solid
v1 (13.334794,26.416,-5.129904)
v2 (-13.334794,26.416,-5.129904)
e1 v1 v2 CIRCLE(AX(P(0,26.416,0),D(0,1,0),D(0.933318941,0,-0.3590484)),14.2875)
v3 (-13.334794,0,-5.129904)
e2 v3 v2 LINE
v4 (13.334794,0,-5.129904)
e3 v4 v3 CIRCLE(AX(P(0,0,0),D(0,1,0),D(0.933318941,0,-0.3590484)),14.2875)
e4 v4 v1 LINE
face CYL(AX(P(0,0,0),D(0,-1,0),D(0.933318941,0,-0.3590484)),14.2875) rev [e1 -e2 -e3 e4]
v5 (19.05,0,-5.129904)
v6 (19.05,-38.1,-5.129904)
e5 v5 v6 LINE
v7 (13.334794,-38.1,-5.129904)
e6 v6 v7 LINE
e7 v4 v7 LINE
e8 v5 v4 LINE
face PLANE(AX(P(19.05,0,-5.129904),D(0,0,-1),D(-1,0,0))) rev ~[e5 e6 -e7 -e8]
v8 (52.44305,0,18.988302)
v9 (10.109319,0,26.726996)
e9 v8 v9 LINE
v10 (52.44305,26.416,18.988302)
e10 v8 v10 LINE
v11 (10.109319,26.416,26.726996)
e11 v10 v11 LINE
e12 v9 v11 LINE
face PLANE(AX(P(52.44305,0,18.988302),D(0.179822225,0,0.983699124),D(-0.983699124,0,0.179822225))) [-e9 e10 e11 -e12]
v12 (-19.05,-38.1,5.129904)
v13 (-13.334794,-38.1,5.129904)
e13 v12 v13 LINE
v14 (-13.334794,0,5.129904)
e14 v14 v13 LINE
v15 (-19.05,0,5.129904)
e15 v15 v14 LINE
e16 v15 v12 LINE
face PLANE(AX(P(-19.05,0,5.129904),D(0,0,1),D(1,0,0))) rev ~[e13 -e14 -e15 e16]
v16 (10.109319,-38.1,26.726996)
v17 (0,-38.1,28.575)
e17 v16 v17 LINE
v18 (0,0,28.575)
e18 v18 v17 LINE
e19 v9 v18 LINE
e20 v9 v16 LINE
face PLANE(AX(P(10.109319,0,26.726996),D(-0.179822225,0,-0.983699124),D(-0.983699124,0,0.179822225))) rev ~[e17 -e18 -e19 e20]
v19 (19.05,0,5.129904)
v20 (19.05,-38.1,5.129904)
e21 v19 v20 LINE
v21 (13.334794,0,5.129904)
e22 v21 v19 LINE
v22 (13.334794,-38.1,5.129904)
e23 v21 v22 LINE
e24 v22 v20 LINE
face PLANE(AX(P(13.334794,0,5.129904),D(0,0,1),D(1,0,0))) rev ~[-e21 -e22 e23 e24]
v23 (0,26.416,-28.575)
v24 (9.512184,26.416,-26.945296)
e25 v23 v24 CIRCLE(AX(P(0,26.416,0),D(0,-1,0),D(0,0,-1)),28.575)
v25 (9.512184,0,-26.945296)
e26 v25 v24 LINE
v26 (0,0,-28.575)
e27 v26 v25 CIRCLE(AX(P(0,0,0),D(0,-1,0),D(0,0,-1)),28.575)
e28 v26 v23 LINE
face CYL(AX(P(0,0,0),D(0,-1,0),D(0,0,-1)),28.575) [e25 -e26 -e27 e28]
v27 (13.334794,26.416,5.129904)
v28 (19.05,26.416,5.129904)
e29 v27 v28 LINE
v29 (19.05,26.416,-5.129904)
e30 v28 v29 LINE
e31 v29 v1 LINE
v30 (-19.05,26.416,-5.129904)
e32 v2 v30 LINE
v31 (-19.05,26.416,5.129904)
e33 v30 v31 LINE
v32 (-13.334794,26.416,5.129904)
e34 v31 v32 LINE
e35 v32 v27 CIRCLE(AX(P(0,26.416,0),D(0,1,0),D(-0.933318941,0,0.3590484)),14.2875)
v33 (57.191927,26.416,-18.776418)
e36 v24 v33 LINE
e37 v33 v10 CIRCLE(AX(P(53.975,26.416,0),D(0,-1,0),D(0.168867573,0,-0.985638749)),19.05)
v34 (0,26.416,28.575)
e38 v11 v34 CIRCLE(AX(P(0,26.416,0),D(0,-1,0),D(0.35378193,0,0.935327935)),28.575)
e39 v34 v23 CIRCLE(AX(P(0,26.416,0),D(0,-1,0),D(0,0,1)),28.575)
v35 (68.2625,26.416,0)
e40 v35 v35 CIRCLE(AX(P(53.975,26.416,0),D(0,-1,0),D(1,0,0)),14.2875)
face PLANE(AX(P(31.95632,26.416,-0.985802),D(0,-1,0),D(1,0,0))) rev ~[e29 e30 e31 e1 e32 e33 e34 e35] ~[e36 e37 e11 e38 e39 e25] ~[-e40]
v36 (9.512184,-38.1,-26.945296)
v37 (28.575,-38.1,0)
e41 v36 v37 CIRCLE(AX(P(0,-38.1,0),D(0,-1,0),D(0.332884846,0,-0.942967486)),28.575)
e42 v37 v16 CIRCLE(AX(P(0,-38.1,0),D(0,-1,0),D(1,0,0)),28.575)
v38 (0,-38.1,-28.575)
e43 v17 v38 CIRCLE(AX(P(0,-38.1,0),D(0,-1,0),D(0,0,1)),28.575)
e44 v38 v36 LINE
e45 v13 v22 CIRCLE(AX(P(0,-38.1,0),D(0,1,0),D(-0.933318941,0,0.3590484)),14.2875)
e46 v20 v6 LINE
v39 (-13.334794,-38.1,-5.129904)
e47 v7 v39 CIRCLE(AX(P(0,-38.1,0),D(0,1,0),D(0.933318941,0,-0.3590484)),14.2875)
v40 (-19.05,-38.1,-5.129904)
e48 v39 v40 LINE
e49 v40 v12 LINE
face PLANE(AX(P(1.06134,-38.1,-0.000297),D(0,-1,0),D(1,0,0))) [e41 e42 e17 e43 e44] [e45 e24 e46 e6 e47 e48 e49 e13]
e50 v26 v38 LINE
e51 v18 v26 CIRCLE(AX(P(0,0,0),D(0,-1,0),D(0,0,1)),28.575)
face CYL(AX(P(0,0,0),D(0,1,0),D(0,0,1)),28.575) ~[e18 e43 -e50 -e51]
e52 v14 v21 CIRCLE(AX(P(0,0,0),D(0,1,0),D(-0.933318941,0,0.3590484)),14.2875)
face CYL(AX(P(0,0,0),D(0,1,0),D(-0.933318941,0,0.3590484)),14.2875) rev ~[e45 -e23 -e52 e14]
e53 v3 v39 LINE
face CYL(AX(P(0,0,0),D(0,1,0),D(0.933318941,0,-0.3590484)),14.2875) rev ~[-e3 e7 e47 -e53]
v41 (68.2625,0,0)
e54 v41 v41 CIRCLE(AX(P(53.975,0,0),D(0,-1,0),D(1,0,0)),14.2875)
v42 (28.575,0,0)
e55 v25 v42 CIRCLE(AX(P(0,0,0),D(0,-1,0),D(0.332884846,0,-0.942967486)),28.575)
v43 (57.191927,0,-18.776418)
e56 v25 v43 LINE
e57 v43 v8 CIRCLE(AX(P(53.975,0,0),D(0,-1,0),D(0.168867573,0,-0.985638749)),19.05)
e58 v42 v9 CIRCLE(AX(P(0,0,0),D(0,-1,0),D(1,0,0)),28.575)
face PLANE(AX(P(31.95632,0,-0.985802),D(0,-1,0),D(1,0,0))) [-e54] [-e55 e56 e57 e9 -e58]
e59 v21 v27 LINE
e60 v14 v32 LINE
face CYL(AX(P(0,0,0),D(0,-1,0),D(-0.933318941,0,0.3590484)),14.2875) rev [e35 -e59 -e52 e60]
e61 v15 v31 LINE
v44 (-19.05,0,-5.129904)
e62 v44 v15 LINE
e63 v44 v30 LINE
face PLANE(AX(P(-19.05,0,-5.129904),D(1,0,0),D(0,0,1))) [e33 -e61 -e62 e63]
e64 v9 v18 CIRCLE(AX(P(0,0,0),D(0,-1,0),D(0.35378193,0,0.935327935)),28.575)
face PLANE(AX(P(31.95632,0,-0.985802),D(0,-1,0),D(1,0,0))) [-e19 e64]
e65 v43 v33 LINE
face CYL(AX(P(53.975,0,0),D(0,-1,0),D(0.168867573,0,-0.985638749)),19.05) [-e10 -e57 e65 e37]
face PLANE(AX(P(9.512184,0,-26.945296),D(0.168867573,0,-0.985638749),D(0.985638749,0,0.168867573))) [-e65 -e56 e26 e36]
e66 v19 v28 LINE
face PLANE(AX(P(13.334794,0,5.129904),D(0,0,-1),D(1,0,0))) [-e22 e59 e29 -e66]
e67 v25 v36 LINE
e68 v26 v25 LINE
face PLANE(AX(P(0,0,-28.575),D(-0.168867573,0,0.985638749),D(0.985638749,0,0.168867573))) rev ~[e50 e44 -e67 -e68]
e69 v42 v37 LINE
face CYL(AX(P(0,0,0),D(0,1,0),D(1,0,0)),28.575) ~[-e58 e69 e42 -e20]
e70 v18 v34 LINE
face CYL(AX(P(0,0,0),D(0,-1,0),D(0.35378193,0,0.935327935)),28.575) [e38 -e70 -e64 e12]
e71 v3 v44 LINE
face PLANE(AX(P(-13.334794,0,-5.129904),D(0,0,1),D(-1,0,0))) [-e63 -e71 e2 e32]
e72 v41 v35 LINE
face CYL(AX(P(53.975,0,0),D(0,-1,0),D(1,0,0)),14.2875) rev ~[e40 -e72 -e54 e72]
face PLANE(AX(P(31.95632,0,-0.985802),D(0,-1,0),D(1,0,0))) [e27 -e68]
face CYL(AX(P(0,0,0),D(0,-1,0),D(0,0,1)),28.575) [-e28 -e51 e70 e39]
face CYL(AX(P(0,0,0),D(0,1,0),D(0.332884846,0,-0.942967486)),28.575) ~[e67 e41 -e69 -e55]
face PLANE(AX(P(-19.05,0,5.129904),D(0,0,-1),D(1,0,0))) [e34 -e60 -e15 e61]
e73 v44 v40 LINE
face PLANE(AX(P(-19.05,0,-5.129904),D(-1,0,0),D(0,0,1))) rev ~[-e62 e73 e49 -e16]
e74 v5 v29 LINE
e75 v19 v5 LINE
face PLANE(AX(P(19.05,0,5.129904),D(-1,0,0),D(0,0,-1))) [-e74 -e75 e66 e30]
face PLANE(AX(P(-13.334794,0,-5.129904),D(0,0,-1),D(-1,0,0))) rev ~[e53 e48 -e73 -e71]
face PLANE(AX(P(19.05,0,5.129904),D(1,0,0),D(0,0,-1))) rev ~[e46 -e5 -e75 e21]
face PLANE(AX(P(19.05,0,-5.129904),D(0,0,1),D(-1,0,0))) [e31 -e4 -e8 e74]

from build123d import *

# Parameters (mm, degrees)
F0_R     = 14.2875
F1_DEPTH = 26.416
F2_DEPTH = 38.1


with BuildPart() as f1:
    # F0 (on Front) → F1 (new body)
    with BuildSketch(Plane.XZ):
        with BuildLine():
            Line((52.443050298, 18.9883024547), (10.1093186571, 26.7269957401))
            ThreePointArc((10.1093186571, 26.7269957401), (23.5096193677, 16.2427960089), (28.575, 0))
            ThreePointArc((28.575, 0), (23.3274655355, -16.5033322905), (9.5121844836, -26.9452959039))
            Line((9.5121844836, -26.9452959039), (57.1919272622, -18.7764181619))
            ThreePointArc((57.1919272622, -18.7764181619), (35.0738540518, -2.3768007581), (52.443050298, 18.9883024547))
        make_face()
        with BuildLine():
            ThreePointArc((73.025, 0), (66.8924079865, 14.0015381623), (52.443050298, 18.9883024547))
            ThreePointArc((52.443050298, 18.9883024547), (35.0738540518, -2.3768007581), (57.1919272622, -18.7764181619))
            ThreePointArc((57.1919272622, -18.7764181619), (68.5383952831, -12.2804730295), (73.025, 0))
        make_face()
        with Locations((53.975, 0)):
            Circle(F0_R, mode=Mode.SUBTRACT)
        with BuildLine():
            ThreePointArc((10.1093186571, 26.7269957401), (5.1384200747, 28.1092024813), (0, 28.575))
            Line((0, 28.575), (10.1093186571, 26.7269957401))
        make_face()
        with BuildLine():
            Line((9.5121844836, -26.9452959039), (0, -28.575))
            ThreePointArc((0, -28.575), (4.8253908933, -28.1646272428), (9.5121844836, -26.9452959039))
        make_face()
        with BuildLine():
            Line((10.1093186571, 26.7269957401), (0, 28.575))
            ThreePointArc((0, 28.575), (-28.575, 0), (0, -28.575))
            Line((0, -28.575), (9.5121844836, -26.9452959039))
            ThreePointArc((9.5121844836, -26.9452959039), (23.3274655355, -16.5033322905), (28.575, 0))
            ThreePointArc((28.575, 0), (23.5096193677, 16.2427960089), (10.1093186571, 26.7269957401))
        make_face()
        with BuildLine():
            ThreePointArc((-13.3347943737, 5.1299040206), (0, 14.2875), (13.3347943737, 5.1299040206))
            Line((13.3347943737, 5.1299040206), (19.05, 5.1299040206))
            Line((19.05, 5.1299040206), (19.05, -5.1299040206))
            Line((19.05, -5.1299040206), (13.3347943737, -5.1299040206))
            ThreePointArc((13.3347943737, -5.1299040206), (0, -14.2875), (-13.3347943737, -5.1299040206))
            Line((-13.3347943737, -5.1299040206), (-19.05, -5.1299040206))
            Line((-19.05, -5.1299040206), (-19.05, 5.1299040206))
            Line((-19.05, 5.1299040206), (-13.3347943737, 5.1299040206))
        make_face(mode=Mode.SUBTRACT)
    extrude(amount=-F1_DEPTH)

    # F0 (on Front) → F2 (join)
    with BuildSketch(Plane.XZ):
        with BuildLine():
            Line((10.1093186571, 26.7269957401), (0, 28.575))
            ThreePointArc((0, 28.575), (-28.575, 0), (0, -28.575))
            Line((0, -28.575), (9.5121844836, -26.9452959039))
            ThreePointArc((9.5121844836, -26.9452959039), (23.3274655355, -16.5033322905), (28.575, 0))
            ThreePointArc((28.575, 0), (23.5096193677, 16.2427960089), (10.1093186571, 26.7269957401))
        make_face()
        with BuildLine():
            ThreePointArc((-13.3347943737, 5.1299040206), (0, 14.2875), (13.3347943737, 5.1299040206))
            Line((13.3347943737, 5.1299040206), (19.05, 5.1299040206))
            Line((19.05, 5.1299040206), (19.05, -5.1299040206))
            Line((19.05, -5.1299040206), (13.3347943737, -5.1299040206))
            ThreePointArc((13.3347943737, -5.1299040206), (0, -14.2875), (-13.3347943737, -5.1299040206))
            Line((-13.3347943737, -5.1299040206), (-19.05, -5.1299040206))
            Line((-19.05, -5.1299040206), (-19.05, 5.1299040206))
            Line((-19.05, 5.1299040206), (-13.3347943737, 5.1299040206))
        make_face(mode=Mode.SUBTRACT)
    extrude(amount=F2_DEPTH)


solid = f1.part
